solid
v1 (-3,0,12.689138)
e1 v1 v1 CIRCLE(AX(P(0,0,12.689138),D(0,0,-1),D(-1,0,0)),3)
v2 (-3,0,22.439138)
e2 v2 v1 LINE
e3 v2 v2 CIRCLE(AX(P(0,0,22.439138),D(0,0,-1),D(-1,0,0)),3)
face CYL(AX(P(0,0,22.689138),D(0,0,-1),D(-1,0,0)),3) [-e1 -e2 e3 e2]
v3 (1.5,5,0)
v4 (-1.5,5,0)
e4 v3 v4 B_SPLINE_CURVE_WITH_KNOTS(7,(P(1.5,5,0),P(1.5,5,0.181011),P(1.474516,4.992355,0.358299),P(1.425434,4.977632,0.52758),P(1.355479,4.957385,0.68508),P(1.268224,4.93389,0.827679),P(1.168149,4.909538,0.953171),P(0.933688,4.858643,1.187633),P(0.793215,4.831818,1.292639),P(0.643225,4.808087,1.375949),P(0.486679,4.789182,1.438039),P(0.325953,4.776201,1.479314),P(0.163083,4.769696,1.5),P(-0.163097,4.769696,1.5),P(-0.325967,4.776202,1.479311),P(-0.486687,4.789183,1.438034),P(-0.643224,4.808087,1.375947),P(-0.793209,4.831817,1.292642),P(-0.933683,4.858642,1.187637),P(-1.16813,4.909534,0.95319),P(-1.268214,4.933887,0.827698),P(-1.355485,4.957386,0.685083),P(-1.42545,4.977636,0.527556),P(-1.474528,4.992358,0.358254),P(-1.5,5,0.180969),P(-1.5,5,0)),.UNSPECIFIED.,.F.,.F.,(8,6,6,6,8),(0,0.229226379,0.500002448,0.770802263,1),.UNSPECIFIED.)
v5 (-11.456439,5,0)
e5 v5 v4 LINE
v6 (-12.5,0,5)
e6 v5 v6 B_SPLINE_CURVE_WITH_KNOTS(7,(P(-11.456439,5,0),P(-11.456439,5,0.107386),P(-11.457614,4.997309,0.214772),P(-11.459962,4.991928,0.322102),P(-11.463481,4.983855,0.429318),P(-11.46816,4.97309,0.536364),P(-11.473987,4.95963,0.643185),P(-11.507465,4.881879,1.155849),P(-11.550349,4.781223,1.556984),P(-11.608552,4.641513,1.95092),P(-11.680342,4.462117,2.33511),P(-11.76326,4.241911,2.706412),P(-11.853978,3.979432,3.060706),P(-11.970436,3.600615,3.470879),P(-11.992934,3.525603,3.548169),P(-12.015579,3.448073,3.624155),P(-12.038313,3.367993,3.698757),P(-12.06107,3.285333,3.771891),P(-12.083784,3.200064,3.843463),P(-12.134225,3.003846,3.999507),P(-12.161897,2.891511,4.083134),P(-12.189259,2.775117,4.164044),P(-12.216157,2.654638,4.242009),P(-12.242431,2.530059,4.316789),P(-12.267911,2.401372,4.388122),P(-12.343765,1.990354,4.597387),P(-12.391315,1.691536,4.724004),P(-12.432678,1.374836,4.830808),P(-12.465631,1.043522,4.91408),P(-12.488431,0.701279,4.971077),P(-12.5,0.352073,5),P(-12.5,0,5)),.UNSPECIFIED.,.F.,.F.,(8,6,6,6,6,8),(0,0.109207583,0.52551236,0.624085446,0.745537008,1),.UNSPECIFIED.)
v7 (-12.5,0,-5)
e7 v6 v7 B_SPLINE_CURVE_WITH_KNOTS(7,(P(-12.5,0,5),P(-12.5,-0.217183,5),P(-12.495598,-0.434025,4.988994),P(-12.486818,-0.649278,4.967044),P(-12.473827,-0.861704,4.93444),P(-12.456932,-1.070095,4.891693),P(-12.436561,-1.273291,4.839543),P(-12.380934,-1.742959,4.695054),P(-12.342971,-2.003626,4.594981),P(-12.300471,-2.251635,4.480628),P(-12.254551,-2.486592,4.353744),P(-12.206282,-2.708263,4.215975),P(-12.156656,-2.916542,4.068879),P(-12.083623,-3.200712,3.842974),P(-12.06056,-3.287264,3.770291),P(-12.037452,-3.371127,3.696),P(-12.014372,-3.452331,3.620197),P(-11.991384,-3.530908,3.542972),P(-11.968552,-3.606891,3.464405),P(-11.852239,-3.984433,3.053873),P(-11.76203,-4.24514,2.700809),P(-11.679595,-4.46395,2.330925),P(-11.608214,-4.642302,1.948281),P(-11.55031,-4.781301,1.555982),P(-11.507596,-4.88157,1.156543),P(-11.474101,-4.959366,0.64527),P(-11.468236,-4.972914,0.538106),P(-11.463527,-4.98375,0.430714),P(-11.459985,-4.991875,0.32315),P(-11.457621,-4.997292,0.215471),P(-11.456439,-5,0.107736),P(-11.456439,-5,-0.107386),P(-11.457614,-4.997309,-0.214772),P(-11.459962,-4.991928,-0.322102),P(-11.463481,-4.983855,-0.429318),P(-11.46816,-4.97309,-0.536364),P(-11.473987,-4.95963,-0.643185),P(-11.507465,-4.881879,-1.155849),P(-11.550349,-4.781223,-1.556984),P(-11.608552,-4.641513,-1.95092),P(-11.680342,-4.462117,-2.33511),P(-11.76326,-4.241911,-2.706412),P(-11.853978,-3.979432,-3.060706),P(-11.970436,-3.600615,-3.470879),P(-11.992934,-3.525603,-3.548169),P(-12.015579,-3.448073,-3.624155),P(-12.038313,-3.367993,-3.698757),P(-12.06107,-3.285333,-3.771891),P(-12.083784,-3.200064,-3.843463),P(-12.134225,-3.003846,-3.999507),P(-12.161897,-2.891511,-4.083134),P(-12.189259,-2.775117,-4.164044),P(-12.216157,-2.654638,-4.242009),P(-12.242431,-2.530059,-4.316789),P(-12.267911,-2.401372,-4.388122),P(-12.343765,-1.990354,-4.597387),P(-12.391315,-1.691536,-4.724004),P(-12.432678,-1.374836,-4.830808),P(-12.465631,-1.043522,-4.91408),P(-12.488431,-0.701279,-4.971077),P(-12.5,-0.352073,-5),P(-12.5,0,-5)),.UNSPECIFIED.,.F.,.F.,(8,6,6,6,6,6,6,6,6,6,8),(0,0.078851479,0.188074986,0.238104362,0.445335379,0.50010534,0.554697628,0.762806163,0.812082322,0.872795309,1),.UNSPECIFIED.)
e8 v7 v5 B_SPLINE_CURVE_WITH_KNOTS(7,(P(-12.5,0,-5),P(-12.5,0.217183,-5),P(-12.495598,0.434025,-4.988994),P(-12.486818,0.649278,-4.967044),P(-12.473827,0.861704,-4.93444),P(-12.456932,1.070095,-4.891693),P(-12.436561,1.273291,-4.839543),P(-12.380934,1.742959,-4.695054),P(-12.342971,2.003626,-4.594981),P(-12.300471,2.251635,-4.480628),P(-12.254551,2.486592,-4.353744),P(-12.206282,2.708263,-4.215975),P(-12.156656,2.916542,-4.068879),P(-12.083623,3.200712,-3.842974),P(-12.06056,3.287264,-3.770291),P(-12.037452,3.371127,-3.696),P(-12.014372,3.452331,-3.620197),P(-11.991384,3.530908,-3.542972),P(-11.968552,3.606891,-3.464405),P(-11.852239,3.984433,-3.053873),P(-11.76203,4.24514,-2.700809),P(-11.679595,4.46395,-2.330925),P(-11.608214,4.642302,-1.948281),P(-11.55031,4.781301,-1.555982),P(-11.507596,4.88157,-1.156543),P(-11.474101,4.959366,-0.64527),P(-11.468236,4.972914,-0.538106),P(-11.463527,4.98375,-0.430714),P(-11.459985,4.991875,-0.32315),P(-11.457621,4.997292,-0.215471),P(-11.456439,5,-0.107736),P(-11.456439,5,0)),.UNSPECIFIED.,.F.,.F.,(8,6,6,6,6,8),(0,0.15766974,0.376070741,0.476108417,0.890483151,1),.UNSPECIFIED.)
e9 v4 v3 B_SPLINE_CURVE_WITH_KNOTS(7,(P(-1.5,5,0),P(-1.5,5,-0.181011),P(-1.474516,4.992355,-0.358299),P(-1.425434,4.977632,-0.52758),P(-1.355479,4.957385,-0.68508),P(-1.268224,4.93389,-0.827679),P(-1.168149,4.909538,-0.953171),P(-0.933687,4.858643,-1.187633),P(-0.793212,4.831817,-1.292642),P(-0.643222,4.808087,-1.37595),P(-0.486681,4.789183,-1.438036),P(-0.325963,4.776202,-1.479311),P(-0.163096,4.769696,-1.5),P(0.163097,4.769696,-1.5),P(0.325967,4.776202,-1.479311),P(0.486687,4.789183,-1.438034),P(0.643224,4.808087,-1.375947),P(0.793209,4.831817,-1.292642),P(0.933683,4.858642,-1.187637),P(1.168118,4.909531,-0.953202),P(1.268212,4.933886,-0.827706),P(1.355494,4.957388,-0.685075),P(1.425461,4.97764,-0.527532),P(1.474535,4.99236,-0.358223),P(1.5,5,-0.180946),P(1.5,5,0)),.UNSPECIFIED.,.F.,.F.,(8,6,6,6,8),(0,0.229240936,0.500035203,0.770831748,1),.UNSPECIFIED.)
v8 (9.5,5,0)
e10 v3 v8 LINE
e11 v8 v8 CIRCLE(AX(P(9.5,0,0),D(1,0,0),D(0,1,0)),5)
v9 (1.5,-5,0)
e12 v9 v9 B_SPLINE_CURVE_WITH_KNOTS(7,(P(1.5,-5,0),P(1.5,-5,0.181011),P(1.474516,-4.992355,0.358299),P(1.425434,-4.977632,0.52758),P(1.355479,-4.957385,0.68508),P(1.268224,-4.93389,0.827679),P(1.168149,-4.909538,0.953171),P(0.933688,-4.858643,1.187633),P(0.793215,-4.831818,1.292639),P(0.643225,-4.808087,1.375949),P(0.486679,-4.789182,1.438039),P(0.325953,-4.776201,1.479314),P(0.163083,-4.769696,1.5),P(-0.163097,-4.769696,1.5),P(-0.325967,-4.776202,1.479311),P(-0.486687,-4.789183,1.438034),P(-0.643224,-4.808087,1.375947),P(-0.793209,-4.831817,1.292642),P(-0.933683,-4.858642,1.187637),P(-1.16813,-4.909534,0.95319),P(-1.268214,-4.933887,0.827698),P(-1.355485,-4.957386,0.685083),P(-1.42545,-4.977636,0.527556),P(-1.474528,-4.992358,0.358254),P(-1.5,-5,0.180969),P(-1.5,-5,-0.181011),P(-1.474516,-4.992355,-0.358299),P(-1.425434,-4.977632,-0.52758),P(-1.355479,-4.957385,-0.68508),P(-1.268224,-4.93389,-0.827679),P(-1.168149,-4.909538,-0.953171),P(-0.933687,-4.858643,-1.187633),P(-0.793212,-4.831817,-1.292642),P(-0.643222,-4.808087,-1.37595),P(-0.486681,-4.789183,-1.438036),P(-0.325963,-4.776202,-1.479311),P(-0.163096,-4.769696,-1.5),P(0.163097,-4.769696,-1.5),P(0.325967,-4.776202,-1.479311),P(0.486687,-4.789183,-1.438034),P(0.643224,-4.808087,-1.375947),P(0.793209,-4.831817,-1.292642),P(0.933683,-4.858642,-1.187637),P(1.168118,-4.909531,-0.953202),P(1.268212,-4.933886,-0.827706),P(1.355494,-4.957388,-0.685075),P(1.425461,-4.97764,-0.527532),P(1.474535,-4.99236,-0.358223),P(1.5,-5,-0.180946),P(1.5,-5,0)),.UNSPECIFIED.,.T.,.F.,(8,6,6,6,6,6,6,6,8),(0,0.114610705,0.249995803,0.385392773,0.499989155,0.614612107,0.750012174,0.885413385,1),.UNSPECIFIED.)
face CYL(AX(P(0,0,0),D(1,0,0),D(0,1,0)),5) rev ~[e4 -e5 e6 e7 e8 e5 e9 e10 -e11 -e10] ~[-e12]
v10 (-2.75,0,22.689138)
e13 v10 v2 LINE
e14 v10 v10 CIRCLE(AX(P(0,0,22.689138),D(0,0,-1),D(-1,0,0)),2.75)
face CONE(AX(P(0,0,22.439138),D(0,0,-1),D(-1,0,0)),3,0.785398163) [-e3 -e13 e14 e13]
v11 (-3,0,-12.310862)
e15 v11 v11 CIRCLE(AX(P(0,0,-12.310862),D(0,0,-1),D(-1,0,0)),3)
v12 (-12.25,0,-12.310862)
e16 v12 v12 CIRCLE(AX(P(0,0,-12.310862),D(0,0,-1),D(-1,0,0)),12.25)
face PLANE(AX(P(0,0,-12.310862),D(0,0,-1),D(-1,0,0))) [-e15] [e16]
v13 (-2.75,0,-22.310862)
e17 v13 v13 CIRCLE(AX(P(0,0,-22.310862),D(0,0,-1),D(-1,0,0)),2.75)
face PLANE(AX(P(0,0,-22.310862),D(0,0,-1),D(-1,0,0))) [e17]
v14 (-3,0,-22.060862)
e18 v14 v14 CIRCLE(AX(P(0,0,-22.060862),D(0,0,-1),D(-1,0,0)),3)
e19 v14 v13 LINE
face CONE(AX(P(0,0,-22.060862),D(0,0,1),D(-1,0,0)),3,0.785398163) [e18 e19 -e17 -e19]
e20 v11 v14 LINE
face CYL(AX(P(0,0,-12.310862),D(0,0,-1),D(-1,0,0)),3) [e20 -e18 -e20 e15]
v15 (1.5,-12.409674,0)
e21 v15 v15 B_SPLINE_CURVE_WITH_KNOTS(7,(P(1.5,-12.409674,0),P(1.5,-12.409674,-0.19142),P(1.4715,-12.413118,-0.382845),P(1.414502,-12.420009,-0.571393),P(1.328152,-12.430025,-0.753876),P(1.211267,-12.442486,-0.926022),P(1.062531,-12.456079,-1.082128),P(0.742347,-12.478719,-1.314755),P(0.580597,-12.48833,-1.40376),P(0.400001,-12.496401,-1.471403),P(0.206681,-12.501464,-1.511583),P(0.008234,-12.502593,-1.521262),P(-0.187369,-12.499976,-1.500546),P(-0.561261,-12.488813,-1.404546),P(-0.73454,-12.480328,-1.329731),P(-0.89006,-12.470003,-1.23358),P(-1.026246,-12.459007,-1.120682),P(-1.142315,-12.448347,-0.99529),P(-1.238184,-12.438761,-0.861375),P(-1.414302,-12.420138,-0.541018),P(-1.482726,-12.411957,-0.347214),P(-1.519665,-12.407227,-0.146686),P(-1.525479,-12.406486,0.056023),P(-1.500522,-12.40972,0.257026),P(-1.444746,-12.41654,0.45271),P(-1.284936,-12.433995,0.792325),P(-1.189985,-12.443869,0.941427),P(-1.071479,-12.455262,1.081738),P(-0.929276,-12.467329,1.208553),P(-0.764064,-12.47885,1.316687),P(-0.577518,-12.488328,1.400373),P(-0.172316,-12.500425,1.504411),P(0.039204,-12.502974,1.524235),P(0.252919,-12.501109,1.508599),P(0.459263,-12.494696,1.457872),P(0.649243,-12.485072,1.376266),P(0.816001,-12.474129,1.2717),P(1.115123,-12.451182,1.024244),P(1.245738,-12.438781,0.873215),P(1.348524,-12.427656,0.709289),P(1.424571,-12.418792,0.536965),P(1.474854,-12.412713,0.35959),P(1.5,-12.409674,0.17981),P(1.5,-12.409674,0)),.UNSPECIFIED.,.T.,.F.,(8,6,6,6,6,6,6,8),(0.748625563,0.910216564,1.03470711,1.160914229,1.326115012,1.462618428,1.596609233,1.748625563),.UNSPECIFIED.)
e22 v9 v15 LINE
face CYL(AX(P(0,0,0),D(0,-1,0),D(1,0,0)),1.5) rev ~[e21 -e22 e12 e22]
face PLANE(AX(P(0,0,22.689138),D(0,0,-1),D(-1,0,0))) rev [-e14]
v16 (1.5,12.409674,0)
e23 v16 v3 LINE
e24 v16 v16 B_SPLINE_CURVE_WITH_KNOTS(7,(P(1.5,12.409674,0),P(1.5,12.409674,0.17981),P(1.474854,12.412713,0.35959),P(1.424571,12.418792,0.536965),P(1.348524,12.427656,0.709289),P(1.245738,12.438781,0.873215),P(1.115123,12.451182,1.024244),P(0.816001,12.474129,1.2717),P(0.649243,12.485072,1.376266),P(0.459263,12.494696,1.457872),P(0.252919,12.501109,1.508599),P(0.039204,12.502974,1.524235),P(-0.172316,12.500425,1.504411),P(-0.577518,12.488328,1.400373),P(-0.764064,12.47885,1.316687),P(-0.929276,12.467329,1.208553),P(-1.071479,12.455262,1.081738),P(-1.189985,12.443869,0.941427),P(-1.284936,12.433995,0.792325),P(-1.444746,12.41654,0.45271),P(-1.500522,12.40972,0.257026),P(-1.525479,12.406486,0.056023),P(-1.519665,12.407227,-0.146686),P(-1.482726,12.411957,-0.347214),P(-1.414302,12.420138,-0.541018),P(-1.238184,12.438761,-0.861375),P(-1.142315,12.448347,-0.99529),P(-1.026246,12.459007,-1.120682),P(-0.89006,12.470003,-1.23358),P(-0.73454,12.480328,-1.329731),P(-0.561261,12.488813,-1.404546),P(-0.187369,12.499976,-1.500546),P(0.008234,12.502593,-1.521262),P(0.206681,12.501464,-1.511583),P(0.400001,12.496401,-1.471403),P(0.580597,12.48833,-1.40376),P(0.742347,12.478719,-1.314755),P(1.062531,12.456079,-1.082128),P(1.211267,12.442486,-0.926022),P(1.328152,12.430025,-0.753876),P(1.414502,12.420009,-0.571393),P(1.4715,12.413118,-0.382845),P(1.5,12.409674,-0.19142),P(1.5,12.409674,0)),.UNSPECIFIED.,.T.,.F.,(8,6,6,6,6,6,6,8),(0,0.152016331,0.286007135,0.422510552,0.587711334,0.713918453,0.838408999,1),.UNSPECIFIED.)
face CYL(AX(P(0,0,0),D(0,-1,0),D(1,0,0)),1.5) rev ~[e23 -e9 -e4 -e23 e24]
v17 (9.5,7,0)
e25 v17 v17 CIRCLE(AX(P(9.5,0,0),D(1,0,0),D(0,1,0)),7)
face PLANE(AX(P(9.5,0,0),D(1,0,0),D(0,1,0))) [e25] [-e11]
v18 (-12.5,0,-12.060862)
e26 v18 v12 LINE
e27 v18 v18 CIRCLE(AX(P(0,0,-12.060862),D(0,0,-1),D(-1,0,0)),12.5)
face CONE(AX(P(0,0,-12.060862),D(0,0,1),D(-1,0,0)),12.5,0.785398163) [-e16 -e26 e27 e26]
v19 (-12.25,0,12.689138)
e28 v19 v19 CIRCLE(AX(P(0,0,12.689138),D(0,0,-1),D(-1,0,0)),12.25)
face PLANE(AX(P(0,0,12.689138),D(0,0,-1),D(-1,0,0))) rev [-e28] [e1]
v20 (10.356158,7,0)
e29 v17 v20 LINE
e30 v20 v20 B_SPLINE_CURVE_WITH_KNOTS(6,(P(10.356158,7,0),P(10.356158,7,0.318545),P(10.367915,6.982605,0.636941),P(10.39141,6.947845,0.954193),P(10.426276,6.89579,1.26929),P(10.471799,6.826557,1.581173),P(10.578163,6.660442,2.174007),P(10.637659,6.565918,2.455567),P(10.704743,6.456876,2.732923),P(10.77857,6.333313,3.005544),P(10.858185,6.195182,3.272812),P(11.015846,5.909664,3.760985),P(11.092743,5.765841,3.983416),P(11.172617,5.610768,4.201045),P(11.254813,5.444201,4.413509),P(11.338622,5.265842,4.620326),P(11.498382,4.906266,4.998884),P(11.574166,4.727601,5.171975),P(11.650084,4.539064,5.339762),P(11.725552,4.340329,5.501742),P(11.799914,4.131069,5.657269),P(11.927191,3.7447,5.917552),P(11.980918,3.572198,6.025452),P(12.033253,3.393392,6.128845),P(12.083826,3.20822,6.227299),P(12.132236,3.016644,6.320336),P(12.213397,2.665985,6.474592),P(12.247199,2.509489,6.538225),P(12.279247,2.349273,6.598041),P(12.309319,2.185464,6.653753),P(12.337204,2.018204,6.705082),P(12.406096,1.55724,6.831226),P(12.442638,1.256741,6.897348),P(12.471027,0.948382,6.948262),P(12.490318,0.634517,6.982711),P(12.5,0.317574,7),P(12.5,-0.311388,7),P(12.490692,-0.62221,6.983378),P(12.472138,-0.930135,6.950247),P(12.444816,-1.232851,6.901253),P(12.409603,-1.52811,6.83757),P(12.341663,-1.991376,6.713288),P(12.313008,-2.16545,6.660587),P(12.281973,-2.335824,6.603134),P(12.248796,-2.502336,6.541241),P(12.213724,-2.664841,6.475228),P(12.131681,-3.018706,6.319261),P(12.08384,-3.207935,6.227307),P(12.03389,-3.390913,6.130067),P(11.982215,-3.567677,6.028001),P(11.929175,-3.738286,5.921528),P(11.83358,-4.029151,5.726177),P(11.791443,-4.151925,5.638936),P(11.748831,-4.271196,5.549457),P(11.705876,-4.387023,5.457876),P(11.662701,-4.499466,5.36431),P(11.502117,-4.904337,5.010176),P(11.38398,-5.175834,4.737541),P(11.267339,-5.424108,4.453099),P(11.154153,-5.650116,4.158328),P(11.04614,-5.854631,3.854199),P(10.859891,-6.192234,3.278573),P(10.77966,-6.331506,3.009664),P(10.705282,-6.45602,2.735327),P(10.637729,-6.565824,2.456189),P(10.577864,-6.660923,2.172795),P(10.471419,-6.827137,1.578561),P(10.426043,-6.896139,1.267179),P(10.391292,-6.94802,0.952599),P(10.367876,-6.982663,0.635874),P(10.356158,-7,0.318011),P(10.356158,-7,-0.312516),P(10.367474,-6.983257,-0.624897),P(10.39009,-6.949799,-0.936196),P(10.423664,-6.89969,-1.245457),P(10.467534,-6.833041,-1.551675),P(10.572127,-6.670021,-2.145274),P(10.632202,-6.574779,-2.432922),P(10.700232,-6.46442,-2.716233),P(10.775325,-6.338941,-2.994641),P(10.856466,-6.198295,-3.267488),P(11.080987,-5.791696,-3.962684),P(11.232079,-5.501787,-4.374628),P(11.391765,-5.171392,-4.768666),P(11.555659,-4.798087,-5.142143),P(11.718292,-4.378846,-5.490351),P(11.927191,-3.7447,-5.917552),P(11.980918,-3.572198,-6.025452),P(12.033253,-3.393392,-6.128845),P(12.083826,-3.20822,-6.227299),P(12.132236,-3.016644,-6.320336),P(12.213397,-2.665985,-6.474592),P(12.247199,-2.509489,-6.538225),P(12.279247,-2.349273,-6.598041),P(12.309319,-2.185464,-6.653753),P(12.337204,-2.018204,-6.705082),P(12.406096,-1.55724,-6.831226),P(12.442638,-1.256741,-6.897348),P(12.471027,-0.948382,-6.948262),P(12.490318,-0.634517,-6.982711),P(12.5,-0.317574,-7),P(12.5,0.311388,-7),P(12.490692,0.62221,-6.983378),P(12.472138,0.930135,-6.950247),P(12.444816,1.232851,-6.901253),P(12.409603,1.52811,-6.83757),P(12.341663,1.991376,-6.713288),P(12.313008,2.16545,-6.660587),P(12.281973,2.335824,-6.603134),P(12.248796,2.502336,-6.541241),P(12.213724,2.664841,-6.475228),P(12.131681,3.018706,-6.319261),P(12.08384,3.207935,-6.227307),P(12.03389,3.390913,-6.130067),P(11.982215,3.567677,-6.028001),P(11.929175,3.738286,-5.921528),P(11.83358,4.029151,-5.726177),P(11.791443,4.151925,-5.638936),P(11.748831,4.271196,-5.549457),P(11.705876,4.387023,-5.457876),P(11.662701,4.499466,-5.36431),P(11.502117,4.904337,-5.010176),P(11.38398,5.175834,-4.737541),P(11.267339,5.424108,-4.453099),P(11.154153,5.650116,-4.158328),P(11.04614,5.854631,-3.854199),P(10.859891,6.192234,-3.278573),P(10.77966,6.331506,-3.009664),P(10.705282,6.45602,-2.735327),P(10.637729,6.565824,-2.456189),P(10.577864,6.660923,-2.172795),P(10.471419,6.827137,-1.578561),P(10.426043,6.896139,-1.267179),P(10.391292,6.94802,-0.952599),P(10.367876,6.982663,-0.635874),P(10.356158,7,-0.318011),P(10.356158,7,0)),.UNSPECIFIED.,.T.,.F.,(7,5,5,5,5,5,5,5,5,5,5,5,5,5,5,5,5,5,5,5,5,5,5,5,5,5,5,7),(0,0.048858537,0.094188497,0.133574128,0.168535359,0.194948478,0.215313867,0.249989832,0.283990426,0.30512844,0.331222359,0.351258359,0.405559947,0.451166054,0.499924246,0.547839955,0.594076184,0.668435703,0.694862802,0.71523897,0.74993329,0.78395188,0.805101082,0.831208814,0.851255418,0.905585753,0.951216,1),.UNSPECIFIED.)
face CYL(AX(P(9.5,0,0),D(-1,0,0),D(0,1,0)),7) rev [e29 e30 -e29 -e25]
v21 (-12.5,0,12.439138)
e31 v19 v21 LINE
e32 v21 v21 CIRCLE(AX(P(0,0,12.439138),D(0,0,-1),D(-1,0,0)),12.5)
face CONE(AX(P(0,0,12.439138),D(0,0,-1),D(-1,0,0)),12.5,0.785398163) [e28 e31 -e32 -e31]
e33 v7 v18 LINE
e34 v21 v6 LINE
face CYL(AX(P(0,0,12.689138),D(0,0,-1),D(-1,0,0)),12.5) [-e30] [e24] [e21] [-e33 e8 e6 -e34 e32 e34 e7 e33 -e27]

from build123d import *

# Parameters (mm, degrees)
F2_SIZE  = 0.25
F3_R     = 1.5
F5_DEPTH = 12.5
F4_R     = 5
F6_DEPTH = 12.5
F8_START = 9.5
F7_R     = 7
F8_DEPTH = 4.5


with BuildPart() as f1:
    # F0 (on Front) → F1 (revolve)
    with BuildSketch(Plane.XZ):
        Polygon((0, -22.3108624175), (0, 22.6891375825), (-3, 22.6891375825), (-3, 12.6891375825), (-12.5, 12.6891375825), (-12.5, -12.3108624175), (-3, -12.3108624175), (-3, -22.3108624175), align=None)
    revolve(axis=Axis((0, 0, 0.1891375825), (0, 0, -1)))

    # F2
    f2_edges = [f1.edges().sort_by_distance(p)[0] for p in [
        (3, 0, 22.689138),
        (3, 0, -22.310862),
        (12.5, 0, 12.689138),
        (12.5, 0, -12.310862),
    ]]
    chamfer(f2_edges, length=F2_SIZE)

    # F3 (on Front) → F5 (cut, symmetric)
    with BuildSketch(Plane.XZ):
        Circle(F3_R)
    extrude(amount=F5_DEPTH, both=True, mode=Mode.SUBTRACT)

    # F4 (on Right) → F6 (cut, symmetric)
    with BuildSketch(Plane.YZ):
        Circle(F4_R)
    extrude(amount=F6_DEPTH, both=True, mode=Mode.SUBTRACT)

    # F7 (on Right) → F8 (cut)
    with BuildSketch(Plane.YZ.offset(F8_START)):
        Circle(F7_R)
    extrude(amount=F8_DEPTH, mode=Mode.SUBTRACT)


solid = f1.part
